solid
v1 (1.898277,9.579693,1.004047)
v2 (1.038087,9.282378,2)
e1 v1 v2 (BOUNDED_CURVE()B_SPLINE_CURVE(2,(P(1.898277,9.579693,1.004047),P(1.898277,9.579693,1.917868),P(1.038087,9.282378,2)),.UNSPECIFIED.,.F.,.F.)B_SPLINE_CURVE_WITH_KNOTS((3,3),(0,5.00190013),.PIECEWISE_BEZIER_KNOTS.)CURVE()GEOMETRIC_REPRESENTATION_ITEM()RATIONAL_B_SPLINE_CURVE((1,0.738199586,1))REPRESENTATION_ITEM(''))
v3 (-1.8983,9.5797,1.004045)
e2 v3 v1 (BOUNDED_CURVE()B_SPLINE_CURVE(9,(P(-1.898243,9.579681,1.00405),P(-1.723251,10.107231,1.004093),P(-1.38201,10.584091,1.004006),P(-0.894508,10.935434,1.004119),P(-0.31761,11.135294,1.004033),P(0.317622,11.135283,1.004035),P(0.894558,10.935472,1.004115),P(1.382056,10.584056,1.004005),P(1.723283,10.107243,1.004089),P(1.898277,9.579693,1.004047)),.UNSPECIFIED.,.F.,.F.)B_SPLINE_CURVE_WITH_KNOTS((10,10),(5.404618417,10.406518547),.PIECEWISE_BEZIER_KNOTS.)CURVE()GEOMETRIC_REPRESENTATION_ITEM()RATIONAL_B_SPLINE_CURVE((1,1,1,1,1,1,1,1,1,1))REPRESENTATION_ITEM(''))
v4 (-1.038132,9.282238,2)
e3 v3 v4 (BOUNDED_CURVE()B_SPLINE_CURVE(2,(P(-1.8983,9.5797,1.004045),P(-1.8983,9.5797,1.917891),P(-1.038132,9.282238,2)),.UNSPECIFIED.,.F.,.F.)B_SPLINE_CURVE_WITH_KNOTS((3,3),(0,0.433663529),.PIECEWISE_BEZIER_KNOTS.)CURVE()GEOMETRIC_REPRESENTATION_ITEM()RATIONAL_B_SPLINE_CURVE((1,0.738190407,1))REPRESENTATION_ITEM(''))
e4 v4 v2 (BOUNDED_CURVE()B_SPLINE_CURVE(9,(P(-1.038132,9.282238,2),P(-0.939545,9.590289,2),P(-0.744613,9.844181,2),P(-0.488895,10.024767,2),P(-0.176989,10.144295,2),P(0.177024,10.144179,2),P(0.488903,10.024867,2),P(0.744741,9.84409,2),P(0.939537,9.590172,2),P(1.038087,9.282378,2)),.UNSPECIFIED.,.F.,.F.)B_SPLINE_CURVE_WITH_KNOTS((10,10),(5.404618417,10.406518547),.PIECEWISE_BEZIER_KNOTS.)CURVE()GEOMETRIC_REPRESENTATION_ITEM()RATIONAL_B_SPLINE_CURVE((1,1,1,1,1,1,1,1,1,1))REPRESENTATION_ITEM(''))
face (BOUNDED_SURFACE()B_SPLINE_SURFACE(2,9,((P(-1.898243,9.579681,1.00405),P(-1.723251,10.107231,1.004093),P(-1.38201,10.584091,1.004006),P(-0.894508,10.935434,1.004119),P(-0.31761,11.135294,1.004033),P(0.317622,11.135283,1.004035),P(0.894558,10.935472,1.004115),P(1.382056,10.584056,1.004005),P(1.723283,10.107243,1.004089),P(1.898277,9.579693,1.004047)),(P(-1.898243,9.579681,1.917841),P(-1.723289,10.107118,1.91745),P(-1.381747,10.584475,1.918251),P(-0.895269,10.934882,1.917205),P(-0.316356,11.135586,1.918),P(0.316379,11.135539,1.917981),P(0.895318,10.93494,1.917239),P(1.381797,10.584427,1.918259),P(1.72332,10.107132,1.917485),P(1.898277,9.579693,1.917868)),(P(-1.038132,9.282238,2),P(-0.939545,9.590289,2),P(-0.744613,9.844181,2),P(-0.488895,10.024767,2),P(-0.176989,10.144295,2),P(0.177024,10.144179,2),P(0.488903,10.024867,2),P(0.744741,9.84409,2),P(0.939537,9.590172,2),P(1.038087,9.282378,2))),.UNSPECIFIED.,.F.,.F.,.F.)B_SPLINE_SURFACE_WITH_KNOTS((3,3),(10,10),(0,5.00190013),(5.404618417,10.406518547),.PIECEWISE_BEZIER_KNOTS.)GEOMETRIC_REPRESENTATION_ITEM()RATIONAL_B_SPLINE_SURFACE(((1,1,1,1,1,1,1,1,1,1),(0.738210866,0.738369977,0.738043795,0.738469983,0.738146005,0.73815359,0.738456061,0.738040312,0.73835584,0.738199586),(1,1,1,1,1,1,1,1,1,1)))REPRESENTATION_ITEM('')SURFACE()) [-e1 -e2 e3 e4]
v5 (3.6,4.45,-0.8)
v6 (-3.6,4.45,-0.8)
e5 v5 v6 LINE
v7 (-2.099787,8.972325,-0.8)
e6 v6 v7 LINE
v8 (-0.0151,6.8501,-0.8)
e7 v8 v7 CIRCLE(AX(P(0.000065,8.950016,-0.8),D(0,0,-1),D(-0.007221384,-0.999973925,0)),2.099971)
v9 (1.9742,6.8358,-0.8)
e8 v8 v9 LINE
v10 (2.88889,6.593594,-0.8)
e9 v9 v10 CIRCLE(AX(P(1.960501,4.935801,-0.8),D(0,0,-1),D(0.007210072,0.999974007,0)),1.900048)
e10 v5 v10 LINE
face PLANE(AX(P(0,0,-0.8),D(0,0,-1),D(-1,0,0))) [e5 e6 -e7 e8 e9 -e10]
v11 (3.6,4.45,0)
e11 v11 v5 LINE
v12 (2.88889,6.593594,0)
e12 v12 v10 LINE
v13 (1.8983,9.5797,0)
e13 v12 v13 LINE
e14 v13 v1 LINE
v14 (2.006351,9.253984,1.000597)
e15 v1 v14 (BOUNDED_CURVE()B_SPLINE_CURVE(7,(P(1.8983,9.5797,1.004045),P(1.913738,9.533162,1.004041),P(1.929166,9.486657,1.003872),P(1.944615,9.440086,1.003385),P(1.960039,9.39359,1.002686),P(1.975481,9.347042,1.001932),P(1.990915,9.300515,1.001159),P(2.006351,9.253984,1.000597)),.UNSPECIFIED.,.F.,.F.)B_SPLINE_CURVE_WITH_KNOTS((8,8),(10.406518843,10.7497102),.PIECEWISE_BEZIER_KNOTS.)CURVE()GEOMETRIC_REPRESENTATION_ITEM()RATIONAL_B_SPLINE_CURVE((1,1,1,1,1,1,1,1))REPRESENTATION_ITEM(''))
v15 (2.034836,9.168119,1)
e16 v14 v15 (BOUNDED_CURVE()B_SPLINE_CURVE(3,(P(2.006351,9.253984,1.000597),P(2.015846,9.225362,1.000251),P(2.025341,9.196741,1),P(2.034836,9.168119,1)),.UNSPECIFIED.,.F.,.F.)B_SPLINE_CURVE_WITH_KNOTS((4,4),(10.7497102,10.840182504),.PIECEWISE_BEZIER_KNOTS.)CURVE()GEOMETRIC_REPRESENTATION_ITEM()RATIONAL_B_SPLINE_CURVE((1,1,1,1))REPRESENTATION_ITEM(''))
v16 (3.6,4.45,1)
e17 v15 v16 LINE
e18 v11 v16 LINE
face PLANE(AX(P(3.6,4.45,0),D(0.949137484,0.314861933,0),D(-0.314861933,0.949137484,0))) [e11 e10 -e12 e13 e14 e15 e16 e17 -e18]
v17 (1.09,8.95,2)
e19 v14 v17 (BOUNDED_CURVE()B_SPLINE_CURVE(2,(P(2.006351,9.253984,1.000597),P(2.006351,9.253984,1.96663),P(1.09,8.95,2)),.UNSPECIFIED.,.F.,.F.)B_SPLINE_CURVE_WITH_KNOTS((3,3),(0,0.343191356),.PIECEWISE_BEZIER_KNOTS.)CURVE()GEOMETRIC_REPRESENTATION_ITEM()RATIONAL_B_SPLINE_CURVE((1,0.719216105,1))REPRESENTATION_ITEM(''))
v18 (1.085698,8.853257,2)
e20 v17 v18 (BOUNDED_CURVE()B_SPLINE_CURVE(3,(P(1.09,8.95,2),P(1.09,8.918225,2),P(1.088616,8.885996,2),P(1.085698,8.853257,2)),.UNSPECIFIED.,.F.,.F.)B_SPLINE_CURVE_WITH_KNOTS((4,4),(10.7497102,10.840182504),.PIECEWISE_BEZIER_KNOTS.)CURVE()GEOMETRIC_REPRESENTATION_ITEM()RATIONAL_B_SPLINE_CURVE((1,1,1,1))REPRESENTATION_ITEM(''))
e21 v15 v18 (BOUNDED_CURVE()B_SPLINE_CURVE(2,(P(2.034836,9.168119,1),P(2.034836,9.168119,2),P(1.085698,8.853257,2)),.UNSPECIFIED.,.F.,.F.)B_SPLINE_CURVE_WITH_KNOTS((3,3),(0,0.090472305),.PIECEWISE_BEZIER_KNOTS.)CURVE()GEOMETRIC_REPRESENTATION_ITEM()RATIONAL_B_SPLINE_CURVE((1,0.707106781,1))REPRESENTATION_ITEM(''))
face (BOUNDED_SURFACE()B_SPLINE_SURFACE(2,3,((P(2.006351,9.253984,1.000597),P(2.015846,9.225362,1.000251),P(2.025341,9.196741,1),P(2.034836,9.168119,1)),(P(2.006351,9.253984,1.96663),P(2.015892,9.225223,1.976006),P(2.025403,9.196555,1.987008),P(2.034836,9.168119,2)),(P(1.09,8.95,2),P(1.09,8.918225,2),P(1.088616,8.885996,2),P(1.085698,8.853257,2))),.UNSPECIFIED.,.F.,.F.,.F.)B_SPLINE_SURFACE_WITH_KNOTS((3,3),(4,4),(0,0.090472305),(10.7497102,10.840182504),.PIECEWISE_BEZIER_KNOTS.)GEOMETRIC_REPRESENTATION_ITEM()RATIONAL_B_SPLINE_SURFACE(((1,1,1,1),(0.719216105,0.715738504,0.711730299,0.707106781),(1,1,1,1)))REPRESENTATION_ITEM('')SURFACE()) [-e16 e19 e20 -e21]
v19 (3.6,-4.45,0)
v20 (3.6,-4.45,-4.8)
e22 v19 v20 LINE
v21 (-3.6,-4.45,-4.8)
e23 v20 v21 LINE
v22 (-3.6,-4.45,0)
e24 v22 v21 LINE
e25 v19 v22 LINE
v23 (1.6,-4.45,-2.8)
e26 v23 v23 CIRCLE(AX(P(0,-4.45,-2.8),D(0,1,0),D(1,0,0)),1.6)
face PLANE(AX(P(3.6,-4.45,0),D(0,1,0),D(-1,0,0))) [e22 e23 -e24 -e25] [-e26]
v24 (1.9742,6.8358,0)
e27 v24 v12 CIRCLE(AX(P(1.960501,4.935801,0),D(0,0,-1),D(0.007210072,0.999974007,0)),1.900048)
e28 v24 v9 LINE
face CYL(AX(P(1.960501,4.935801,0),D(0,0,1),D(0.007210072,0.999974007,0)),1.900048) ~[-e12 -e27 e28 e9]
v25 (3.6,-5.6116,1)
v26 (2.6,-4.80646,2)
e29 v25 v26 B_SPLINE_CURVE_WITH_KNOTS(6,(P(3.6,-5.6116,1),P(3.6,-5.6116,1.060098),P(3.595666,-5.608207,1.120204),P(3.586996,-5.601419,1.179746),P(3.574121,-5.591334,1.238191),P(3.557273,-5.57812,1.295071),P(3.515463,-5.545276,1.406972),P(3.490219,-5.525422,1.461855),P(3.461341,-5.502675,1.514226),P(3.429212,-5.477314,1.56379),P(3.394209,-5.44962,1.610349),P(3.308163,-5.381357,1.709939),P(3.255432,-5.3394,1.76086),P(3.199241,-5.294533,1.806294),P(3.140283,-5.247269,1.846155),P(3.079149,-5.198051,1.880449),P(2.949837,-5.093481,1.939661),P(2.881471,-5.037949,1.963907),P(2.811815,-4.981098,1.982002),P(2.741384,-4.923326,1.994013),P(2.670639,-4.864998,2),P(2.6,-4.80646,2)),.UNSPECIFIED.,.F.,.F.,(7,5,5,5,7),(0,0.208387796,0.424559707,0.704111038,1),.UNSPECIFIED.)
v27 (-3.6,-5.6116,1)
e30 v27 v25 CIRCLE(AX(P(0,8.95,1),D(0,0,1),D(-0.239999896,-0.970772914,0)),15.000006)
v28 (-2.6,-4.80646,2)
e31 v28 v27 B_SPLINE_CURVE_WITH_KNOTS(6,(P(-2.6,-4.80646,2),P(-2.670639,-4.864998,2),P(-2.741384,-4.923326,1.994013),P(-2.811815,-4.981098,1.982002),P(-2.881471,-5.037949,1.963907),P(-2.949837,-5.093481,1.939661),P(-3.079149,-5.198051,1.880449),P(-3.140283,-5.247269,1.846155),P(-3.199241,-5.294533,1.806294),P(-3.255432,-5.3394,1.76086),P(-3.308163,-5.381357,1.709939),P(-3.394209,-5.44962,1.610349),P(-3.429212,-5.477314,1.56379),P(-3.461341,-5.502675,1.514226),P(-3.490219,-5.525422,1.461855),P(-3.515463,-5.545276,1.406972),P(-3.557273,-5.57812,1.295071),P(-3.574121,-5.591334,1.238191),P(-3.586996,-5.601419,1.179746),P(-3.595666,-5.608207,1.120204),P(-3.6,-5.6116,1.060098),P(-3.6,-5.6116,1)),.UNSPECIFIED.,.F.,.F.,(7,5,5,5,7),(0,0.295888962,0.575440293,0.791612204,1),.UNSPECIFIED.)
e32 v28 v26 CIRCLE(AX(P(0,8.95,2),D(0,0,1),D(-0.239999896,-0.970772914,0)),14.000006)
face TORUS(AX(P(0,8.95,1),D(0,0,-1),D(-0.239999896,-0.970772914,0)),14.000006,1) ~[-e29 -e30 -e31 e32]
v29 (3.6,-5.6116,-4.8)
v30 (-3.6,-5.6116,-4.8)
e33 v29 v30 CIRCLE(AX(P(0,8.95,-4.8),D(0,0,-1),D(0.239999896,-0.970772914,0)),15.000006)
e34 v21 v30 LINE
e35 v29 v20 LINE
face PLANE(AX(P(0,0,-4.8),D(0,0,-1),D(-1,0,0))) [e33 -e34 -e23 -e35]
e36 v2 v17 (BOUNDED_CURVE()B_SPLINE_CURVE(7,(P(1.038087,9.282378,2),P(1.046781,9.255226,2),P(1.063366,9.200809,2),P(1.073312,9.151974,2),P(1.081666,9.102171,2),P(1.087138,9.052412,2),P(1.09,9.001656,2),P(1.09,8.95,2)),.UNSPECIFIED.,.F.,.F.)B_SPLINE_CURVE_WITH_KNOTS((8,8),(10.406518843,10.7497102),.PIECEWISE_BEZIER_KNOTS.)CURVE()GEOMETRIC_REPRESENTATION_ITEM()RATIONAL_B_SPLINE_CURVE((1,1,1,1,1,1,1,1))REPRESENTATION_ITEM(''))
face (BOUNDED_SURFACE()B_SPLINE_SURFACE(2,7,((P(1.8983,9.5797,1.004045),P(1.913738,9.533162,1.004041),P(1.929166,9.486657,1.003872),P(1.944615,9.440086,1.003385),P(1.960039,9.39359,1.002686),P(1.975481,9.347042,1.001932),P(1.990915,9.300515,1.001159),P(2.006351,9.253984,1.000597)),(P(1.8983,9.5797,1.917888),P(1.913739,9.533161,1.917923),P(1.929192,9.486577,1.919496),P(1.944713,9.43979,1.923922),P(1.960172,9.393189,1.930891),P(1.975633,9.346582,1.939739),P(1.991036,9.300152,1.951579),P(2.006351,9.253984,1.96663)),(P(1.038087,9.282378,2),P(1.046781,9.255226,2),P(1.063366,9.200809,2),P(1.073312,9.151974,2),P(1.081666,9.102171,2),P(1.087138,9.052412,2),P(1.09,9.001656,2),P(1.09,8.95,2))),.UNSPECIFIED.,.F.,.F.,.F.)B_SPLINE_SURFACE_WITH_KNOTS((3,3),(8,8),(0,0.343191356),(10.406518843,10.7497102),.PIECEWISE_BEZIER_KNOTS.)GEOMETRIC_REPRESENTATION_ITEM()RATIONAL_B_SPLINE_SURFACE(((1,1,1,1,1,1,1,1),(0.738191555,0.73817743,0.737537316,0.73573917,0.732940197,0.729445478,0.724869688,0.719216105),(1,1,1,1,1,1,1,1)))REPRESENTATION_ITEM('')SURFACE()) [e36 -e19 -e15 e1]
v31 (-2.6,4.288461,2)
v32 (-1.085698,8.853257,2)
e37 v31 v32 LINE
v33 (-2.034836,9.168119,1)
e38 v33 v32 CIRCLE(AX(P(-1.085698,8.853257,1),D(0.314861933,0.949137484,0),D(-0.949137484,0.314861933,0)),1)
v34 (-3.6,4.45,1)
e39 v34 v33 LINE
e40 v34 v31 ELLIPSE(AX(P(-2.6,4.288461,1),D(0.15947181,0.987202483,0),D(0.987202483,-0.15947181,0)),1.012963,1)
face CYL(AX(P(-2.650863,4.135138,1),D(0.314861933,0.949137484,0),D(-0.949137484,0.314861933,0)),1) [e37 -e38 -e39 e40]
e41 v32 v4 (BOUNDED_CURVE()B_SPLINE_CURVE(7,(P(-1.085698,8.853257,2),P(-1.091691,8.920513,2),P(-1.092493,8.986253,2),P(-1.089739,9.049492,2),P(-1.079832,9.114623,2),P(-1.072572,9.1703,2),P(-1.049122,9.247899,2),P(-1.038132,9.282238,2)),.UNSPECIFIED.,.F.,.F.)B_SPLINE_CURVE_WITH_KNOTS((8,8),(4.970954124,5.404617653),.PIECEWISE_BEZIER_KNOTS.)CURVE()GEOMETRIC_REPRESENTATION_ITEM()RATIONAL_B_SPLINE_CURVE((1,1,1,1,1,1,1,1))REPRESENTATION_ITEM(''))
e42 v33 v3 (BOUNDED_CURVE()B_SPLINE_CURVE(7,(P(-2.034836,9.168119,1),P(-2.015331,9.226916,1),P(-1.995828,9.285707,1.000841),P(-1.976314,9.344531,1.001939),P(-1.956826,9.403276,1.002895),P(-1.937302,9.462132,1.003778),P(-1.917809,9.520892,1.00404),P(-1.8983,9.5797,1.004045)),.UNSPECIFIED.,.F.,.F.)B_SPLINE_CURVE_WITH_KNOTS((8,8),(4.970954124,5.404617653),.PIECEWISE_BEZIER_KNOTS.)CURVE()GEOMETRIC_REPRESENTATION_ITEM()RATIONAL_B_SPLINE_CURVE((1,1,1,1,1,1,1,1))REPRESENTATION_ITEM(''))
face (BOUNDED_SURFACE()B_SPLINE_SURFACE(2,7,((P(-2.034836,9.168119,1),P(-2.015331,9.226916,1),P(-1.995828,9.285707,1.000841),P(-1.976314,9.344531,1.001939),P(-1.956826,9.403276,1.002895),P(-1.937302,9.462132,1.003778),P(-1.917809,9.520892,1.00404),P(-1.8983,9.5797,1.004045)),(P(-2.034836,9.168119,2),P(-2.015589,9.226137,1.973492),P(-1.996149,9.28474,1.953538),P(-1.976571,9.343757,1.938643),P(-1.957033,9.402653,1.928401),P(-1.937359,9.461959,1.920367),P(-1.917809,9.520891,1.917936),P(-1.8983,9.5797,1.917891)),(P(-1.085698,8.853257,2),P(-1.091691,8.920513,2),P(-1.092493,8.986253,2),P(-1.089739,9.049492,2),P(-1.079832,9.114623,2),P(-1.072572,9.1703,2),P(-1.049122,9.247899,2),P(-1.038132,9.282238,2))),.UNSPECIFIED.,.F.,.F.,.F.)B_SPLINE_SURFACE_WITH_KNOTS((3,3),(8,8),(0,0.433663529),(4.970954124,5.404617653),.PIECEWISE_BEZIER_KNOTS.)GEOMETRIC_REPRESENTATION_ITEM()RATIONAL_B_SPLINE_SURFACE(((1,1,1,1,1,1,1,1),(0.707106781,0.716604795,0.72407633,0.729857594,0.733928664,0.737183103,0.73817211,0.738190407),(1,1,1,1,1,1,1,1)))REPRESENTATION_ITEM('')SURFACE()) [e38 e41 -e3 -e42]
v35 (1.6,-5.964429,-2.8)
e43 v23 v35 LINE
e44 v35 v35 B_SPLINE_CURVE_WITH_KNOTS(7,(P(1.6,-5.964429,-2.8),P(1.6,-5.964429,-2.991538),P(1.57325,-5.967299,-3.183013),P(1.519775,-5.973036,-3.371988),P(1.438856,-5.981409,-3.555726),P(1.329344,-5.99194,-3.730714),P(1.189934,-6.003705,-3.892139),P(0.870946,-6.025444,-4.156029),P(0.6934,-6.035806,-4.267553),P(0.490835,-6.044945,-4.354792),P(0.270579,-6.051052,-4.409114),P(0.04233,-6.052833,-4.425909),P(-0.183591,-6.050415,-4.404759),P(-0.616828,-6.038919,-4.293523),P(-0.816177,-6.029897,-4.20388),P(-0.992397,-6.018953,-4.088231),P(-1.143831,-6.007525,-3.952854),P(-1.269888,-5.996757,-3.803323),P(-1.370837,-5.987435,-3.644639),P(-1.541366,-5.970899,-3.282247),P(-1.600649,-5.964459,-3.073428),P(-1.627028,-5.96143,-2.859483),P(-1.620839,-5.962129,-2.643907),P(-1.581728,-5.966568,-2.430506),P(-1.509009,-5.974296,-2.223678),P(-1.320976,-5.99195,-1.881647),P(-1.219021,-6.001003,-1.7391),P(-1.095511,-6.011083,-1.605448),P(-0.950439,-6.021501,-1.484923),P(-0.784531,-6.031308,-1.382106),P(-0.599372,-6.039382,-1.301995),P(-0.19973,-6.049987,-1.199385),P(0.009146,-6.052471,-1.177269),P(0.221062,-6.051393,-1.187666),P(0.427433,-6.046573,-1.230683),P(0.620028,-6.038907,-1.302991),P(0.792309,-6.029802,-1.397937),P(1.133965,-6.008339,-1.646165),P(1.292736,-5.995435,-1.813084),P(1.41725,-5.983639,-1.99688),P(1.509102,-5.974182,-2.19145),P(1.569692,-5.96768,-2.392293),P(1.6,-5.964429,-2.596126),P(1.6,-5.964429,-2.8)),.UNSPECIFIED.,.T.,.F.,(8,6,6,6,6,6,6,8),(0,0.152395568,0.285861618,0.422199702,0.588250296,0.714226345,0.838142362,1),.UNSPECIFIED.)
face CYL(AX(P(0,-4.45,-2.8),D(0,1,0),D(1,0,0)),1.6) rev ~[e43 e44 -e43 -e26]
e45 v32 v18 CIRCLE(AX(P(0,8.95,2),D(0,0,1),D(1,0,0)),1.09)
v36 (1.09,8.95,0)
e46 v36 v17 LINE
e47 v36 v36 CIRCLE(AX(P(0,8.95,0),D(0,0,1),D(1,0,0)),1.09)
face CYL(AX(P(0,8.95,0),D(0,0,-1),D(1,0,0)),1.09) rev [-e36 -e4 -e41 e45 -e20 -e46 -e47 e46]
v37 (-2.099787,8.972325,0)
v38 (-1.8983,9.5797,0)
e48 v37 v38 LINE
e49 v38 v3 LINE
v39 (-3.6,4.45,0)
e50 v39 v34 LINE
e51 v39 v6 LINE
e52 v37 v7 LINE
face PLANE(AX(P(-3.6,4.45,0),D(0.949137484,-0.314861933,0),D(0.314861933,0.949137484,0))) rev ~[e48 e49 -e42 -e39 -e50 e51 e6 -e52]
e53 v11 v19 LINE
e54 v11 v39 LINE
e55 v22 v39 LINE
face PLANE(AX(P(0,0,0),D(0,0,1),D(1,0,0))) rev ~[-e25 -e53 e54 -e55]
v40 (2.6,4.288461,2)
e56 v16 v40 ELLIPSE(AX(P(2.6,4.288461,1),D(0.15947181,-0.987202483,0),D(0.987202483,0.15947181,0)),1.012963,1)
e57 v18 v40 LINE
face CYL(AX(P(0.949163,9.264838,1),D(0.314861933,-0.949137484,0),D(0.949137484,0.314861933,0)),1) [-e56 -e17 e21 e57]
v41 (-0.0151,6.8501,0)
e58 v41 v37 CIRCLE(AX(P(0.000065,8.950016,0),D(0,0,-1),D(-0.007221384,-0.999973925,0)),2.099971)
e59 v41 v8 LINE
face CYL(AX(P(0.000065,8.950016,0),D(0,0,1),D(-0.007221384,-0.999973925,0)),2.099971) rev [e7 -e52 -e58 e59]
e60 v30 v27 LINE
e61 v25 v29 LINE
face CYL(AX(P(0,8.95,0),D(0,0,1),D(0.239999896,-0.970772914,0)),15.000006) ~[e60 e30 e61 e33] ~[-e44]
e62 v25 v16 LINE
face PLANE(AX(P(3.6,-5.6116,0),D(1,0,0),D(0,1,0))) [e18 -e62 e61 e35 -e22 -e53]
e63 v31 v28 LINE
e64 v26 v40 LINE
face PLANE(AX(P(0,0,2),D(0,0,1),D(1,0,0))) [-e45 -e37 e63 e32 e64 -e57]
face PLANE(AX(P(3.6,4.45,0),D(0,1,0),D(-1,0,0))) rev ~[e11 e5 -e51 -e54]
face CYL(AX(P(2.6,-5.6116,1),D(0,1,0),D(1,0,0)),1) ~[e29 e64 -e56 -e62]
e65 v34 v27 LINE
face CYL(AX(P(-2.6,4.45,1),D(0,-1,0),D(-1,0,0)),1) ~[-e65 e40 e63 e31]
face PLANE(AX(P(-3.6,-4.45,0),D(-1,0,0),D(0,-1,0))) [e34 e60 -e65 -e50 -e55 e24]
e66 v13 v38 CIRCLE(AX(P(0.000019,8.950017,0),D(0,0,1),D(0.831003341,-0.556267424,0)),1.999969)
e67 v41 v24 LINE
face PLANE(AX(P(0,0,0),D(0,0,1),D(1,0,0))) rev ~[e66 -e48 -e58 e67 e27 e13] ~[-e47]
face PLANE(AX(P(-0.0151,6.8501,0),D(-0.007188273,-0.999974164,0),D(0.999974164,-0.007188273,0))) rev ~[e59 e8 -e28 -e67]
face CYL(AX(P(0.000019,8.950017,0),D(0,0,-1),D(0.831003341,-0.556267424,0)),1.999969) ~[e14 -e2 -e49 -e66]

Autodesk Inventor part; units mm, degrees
ref_plane "YZ Plane" through (0, 0, 0) normal (1, 0, 0) x (0, 1, 0)
sketch "Sketch1" plane through (0, 0, 0) normal (0, 0, 1) x (1, 0, 0)
  circle A0 centre (0, 8.95) radius 1.09 projected
  arc A1 (1.662, 7.8375) -> (-0.0143, 6.9501) centre (0, 8.95) ccw projected
  arc A2 (1.8983, 9.5797) -> (-1.8983, 9.5797) centre (0, 8.95) ccw
  line L0 (3.6, 4.45) -> (3.6, -5.6116)
  arc A3 (-3.6, -5.6116) -> (3.6, -5.6116) centre (0, 8.95) ccw
  circle A4 centre (0, 8.95) radius 4.08 projected
  circle A5 centre (0, 8.95) radius 15 projected
  line L1 (2.5, -0.05) -> (2.5, 4.45) projected
  line L2 (2.5, 4.45) -> (3.6, 4.45) projected
  line L3 (3.6, 4.45) -> (3.6, -4.45) projected
  line L4 (3.6, -4.45) -> (-3.6, -4.45) projected
  line L5 (-3.6, -4.45) -> (-3.6, 4.45) projected
  line L6 (-3.6, 4.45) -> (-2.5, 4.45) projected
  line L7 (-2.5, 4.45) -> (-2.5, -0.05) projected
  line L8 (-3.6, -5.6116) -> (-3.6, 4.45)
  line L9 (-3.6, 4.45) -> (-1.8983, 9.5797)
  line L10 (3.6, 4.45) -> (1.8983, 9.5797)
  line L11 (-2.5, -0.05) -> (2.5, -0.05) projected
  point P0 (0, 0)
  point P1 (-1.8983, 9.5797)
extrude "Extrusion1" add sketch "Sketch1" along normal blind 2 contours L10 A4 L9 A1 | L10 L2 L1 L11 L7 L6 L9 A4 | L0 L4 L5 L6 L7 L11 L1 L2 | L0 A3 L8 L4 picked at (1.9915, 8.1578)
sketch "Sketch2" plane through (0, 0, 0) normal (0, 0, -1) x (-1, 0, 0)
  line L0 (-3.6, -4.45) -> (3.6, -4.45) projected
  line L1 (-3.6, 4.45) -> (-1.8983, 9.5797) projected
  line L2 (-3.6, -5.6116) -> (-3.6, 4.45) projected
  arc A0 (-3.6, -5.6116) -> (3.6, -5.6116) centre (0, 8.95) ccw projected
  line L3 (3.6, 4.45) -> (3.6, -5.6116) projected
  line L4 (1.8983, 9.5797) -> (3.6, 4.45) projected
  arc A1 (1.8983, 9.5797) -> (-1.8983, 9.5797) centre (0, 8.95) ccw projected
  circle A2 centre (0, 8.95) radius 1.09 projected
  point P0 (0, 0)
ref_plane "Work Plane1" through (-15.2152, -6.2652, -4.8) normal (0, 0, 1) x (1, 0, 0)
extrude "Extrusion2" add sketch "Sketch2" along normal up to surface (4.8 mm away) contours L0 L3 A0 L2
sketch "Sketch3" plane through (-3.6, -4.45, 0) normal (0, 1, 0) x (1, 0, 0)
  circle A0 centre (3.6, 2.8) radius 1.6 projected
  point P0 (3.6, 0)
extrude "Extrusion3" cut sketch "Sketch3" against normal blind 10
fillet "Fillet1" radius 1 6 edges at (2.7491, 7.0149, 2) (3.6, -0.5808, 2) (0, -6.05, 2) (-3.6, -0.5808, 2) (-2.7491, 7.0149, 2) (0, 10.95, 2)
sketch "Sketch4" plane through (0, 0, 0) normal (0, 0, -1) x (-1, 0, 0)
  point P0 (0, 0)
sketch "Sketch5" plane through (0, 0, 0) normal (0, 0, -1) x (-1, 0, 0)
  line L0 (-3.6, 4.45) -> (3.6, 4.45) projected
  arc A0 (0.0143, 6.9501) -> (-1.662, 7.8375) centre (0, 8.95) ccw projected
  circle A1 centre (0, 8.95) radius 1.09 projected
  line L1 (-3.8923, -4.5783) -> (-11.4921, -4.6328) projected
  line L2 (-11.4921, -4.6328) -> (-11.5941, 9.5788) projected
  line L3 (-3.3887, 7.8251) -> (-11.5941, 9.5788) projected
  line L4 (-1.662, 7.8375) -> (-3.3887, 7.8251) projected
  arc A2 (0.0143, 6.9501) -> (-1.662, 7.8375) centre (0, 8.95) ccw projected
  line L5 (0.0143, 6.9501) -> (-1.9749, 6.9358) projected
  arc A3 (-1.9749, 6.9358) -> (-3.9605, 4.9215) centre (-1.9605, 4.9358) ccw projected
  line L6 (-3.9605, 4.9215) -> (-3.8923, -4.5783) projected
  line L7 (-10.8065, -2.6278) -> (-4.6067, -2.5833) projected
  line L8 (-4.6067, -2.5833) -> (-4.6246, -0.0834) projected
  line L9 (-4.6246, -0.0834) -> (-10.8244, -0.1279) projected
  line L10 (-10.8244, -0.1279) -> (-10.8065, -2.6278) projected
  line L11 (-3.6, 4.45) -> (-1.8983, 9.5797) projected
  line L12 (-3.6, 4.45) -> (-2.8435, 6.7304)
  line L13 (1.8983, 9.5797) -> (2.0348, 9.1681) projected
  line L14 (3.6, 4.45) -> (1.8983, 9.5797)
  arc A4 (0.0151, 6.8501) -> (-1.7451, 7.7818) centre (0, 8.95) ccw
  line L15 (0.0151, 6.8501) -> (-1.9742, 6.8358)
  arc A5 (-1.9742, 6.8358) -> (-3.8605, 4.9222) centre (-1.9605, 4.9358) ccw
  line L16 (-3.8605, 4.9222) -> (-3.7916, -4.6775)
  line L17 (-3.7916, -4.6775) -> (-11.5914, -4.7335)
  line L18 (-11.5914, -4.7335) -> (-11.695, 9.7026)
  line L19 (-11.695, 9.7026) -> (-3.3785, 7.9252)
  line L20 (-3.3785, 7.9252) -> (-1.6627, 7.9375)
  point P0 (0, 0)
  point P1 (2.0999, 8.972)
  point P2 (0.0151, 6.8501)
  point P3 (-2.8889, 6.5936)
  dimension "d7" = 0.1
  dimension "d8" = 0.1
ref_plane "Work Plane2" through (-2.5323, -0.0859, -0.8) normal (0, 0, -1) x (0, 1, 0)
extrude "Extrusion4" add sketch "Sketch5" along normal up to surface (0.8 mm away) contours L11 A5 L15 A4 L14 L0
properties part number "Tool Head Clamp"
